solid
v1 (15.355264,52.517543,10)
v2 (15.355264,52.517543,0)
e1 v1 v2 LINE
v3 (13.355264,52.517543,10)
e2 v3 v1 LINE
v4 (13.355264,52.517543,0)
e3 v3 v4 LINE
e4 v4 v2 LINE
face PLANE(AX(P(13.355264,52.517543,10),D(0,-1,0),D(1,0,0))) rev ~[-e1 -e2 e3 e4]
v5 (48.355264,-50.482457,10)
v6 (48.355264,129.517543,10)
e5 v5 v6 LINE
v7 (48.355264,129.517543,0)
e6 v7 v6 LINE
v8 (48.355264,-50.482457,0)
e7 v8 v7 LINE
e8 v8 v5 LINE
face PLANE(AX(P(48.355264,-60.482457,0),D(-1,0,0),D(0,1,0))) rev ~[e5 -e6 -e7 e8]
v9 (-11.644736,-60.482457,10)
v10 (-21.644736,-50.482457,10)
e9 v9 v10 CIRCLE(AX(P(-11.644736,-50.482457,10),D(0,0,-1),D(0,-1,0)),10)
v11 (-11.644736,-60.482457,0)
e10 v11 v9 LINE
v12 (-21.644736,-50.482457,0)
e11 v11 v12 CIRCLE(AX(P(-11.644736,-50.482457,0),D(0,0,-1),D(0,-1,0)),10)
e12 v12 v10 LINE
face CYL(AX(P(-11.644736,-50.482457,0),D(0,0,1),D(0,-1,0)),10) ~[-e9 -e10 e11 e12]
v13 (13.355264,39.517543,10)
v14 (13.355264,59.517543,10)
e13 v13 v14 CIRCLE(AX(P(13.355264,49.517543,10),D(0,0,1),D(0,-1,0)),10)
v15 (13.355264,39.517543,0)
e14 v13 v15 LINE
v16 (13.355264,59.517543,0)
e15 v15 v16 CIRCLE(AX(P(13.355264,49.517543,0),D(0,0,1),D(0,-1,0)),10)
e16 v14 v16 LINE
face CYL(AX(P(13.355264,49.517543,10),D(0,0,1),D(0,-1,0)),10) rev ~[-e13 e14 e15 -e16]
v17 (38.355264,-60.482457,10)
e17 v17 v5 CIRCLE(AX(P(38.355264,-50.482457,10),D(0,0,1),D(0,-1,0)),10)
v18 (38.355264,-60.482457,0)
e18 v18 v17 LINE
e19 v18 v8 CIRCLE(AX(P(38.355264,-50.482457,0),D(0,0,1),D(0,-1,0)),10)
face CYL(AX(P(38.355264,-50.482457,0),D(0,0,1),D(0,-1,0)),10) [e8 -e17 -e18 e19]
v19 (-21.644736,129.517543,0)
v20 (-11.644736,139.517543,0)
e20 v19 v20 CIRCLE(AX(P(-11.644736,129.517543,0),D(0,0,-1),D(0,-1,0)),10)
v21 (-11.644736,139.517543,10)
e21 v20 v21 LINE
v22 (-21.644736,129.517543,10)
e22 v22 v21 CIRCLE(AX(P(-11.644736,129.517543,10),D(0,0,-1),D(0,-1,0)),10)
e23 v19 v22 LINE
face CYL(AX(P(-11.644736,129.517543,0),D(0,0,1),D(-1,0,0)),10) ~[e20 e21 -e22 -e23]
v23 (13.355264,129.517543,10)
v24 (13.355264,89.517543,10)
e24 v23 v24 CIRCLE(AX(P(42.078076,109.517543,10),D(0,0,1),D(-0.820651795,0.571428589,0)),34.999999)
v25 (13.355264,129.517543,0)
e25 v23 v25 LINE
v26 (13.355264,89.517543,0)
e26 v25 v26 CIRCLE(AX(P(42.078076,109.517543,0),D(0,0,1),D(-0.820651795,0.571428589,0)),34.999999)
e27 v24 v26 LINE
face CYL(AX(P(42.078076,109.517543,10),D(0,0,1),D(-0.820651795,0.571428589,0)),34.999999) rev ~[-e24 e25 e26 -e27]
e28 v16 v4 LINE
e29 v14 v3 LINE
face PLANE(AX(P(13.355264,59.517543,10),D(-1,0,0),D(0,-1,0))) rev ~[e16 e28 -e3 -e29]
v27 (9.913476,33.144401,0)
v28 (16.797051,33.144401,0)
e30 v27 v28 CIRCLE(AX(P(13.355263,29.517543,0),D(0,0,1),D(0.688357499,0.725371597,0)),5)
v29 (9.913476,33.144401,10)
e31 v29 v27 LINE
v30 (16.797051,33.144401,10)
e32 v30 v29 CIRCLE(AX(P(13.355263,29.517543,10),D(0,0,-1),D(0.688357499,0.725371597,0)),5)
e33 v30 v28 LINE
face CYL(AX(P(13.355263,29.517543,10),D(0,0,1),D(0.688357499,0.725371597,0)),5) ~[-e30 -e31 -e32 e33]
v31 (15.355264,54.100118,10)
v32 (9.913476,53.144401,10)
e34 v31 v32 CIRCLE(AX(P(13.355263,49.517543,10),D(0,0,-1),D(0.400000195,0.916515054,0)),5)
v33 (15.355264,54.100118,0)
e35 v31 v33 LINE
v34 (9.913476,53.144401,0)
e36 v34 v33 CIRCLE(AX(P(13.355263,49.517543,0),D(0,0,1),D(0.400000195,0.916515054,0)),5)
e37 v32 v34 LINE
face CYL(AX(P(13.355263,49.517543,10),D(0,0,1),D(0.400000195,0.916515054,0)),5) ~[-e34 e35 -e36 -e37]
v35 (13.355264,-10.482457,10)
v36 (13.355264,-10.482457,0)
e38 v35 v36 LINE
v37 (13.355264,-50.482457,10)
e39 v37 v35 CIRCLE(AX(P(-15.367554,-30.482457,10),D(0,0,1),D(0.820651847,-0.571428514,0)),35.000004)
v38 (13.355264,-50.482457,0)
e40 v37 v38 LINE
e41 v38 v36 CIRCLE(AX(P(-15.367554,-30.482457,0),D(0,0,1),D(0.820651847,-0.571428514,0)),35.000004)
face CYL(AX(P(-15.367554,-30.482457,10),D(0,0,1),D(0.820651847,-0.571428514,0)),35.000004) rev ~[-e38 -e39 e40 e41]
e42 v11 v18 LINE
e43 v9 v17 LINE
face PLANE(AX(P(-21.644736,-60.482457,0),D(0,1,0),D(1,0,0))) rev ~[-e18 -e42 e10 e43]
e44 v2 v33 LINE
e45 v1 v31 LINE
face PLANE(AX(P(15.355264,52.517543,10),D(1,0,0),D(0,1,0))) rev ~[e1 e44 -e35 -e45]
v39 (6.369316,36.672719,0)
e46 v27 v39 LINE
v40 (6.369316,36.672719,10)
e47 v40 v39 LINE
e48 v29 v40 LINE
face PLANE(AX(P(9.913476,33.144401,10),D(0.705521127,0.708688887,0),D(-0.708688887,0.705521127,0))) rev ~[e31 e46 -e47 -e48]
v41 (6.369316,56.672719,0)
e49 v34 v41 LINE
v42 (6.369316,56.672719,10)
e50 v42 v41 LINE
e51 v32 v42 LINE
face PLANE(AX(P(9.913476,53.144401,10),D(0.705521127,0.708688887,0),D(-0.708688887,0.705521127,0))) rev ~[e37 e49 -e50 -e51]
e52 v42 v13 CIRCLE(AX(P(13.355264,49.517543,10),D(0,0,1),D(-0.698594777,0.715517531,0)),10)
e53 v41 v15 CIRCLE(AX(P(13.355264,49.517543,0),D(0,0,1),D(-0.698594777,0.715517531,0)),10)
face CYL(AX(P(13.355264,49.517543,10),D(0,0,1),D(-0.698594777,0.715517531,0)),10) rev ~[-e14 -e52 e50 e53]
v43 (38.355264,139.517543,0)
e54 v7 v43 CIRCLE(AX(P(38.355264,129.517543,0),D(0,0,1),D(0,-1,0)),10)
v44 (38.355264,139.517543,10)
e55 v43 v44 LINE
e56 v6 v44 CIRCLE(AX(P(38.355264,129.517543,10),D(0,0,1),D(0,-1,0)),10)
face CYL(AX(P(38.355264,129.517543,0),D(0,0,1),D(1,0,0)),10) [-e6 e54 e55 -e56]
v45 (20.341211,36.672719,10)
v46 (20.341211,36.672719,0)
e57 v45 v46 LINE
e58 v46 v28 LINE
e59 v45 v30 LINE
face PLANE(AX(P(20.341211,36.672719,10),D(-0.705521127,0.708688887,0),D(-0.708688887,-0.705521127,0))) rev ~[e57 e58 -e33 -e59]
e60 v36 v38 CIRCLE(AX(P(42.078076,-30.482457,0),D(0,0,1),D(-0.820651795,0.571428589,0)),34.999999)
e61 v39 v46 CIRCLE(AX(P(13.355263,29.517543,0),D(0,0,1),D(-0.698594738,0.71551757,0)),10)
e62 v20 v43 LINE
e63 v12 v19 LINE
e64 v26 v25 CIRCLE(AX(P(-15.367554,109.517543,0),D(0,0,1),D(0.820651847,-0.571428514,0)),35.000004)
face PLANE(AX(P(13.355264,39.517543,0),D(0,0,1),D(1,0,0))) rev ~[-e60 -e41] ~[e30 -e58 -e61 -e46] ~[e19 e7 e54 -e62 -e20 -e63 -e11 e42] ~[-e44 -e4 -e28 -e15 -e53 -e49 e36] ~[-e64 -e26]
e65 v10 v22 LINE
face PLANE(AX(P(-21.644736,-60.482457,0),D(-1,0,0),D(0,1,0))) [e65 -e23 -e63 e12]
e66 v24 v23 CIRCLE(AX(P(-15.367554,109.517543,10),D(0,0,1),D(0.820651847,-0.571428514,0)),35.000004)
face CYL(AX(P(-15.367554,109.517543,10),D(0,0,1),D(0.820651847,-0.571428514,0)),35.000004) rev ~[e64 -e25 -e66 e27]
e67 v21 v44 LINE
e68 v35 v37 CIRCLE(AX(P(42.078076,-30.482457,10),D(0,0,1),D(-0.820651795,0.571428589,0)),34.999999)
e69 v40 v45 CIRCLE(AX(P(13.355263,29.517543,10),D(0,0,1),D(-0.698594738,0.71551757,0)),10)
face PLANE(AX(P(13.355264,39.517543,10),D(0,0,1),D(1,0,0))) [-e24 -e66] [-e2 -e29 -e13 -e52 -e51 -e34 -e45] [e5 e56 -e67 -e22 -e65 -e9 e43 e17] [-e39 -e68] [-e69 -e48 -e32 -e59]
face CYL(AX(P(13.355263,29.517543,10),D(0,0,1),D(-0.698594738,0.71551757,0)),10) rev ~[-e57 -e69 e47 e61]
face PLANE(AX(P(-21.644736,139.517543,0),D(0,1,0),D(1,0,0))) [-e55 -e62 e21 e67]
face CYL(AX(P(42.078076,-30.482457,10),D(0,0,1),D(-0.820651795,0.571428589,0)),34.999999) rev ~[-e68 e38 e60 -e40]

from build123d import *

# Parameters (mm, degrees)
F0_W     = 70
F0_H     = 200
F1_DEPTH = 10
F3_DEPTH = 25
F4_DEPTH = 25
F5_R     = 10
F6_R     = 10


with BuildPart() as f1:
    # F0 (on Top) → F1 (new body)
    with BuildSketch(Plane.XY):
        with Locations((13.355264, 39.517543)):
            Rectangle(F0_W, F0_H)
    extrude(amount=F1_DEPTH)

    # F2 (on face) → F3 (cut)
    with BuildSketch(Plane.XY.offset(10)):
        with BuildLine():
            ThreePointArc((13.355264, 129.517543), (7.078077, 109.517543), (13.355264, 89.517543))
            ThreePointArc((13.355264, 89.517543), (19.63245, 109.517543), (13.355264, 129.517543))
        make_face()
        with BuildLine():
            ThreePointArc((13.355264, -10.482457), (7.078077, -30.482457), (13.355264, -50.482457))
            ThreePointArc((13.355264, -50.482457), (19.63245, -30.482457), (13.355264, -10.482457))
        make_face()
        with BuildLine():
            Line((9.913476, 33.144401), (6.369316, 36.672719))
            ThreePointArc((6.369316, 36.672719), (13.355264, 19.517543), (20.341211, 36.672719))
            Line((20.341211, 36.672719), (16.797051, 33.144401))
            ThreePointArc((16.797051, 33.144401), (13.355264, 24.517543), (9.913476, 33.144401))
        make_face()
        with BuildLine():
            Line((9.913476, 53.144401), (6.369316, 56.672719))
            ThreePointArc((6.369316, 56.672719), (4.093737, 45.746055), (13.355264, 39.517543))
            ThreePointArc((13.355264, 39.517543), (23.355264, 49.517543), (13.355264, 59.517543))
            Line((13.355264, 59.517543), (13.355264, 54.517543))
            Line((13.355264, 54.517543), (13.355264, 52.517543))
            Line((13.355264, 52.517543), (15.355264, 52.517543))
            Line((15.355264, 52.517543), (15.355264, 54.100118))
            ThreePointArc((15.355264, 54.100118), (14.220155, 44.592915), (9.913476, 53.144401))
        make_face()
    extrude(amount=-F3_DEPTH, mode=Mode.SUBTRACT)

    # F2 (on face) → F4 (cut)
    with BuildSketch(Plane.XY.offset(10)):
        with BuildLine():
            ThreePointArc((13.355264, 129.517543), (7.078077, 109.517543), (13.355264, 89.517543))
            ThreePointArc((13.355264, 89.517543), (19.63245, 109.517543), (13.355264, 129.517543))
        make_face()
        with BuildLine():
            ThreePointArc((13.355264, -10.482457), (7.078077, -30.482457), (13.355264, -50.482457))
            ThreePointArc((13.355264, -50.482457), (19.63245, -30.482457), (13.355264, -10.482457))
        make_face()
        with BuildLine():
            Line((9.913476, 33.144401), (6.369316, 36.672719))
            ThreePointArc((6.369316, 36.672719), (13.355264, 19.517543), (20.341211, 36.672719))
            Line((20.341211, 36.672719), (16.797051, 33.144401))
            ThreePointArc((16.797051, 33.144401), (13.355264, 24.517543), (9.913476, 33.144401))
        make_face()
        with BuildLine():
            Line((9.913476, 53.144401), (6.369316, 56.672719))
            ThreePointArc((6.369316, 56.672719), (4.093737, 45.746055), (13.355264, 39.517543))
            ThreePointArc((13.355264, 39.517543), (23.355264, 49.517543), (13.355264, 59.517543))
            Line((13.355264, 59.517543), (13.355264, 54.517543))
            Line((13.355264, 54.517543), (13.355264, 52.517543))
            Line((13.355264, 52.517543), (15.355264, 52.517543))
            Line((15.355264, 52.517543), (15.355264, 54.100118))
            ThreePointArc((15.355264, 54.100118), (14.220155, 44.592915), (9.913476, 53.144401))
        make_face()
    extrude(amount=-F4_DEPTH, mode=Mode.SUBTRACT)

    # F5
    f5_edges = [f1.edges().sort_by_distance(p)[0] for p in [
        (48.355264, -60.482457, 5),
    ]]
    fillet(f5_edges, radius=F5_R)

    # F6
    f6_edges = [f1.edges().sort_by_distance(p)[0] for p in [
        (-21.644736, -60.482457, 5),
        (-21.644736, 139.517543, 5),
        (48.355264, 139.517543, 5),
    ]]
    fillet(f6_edges, radius=F6_R)


solid = f1.part
